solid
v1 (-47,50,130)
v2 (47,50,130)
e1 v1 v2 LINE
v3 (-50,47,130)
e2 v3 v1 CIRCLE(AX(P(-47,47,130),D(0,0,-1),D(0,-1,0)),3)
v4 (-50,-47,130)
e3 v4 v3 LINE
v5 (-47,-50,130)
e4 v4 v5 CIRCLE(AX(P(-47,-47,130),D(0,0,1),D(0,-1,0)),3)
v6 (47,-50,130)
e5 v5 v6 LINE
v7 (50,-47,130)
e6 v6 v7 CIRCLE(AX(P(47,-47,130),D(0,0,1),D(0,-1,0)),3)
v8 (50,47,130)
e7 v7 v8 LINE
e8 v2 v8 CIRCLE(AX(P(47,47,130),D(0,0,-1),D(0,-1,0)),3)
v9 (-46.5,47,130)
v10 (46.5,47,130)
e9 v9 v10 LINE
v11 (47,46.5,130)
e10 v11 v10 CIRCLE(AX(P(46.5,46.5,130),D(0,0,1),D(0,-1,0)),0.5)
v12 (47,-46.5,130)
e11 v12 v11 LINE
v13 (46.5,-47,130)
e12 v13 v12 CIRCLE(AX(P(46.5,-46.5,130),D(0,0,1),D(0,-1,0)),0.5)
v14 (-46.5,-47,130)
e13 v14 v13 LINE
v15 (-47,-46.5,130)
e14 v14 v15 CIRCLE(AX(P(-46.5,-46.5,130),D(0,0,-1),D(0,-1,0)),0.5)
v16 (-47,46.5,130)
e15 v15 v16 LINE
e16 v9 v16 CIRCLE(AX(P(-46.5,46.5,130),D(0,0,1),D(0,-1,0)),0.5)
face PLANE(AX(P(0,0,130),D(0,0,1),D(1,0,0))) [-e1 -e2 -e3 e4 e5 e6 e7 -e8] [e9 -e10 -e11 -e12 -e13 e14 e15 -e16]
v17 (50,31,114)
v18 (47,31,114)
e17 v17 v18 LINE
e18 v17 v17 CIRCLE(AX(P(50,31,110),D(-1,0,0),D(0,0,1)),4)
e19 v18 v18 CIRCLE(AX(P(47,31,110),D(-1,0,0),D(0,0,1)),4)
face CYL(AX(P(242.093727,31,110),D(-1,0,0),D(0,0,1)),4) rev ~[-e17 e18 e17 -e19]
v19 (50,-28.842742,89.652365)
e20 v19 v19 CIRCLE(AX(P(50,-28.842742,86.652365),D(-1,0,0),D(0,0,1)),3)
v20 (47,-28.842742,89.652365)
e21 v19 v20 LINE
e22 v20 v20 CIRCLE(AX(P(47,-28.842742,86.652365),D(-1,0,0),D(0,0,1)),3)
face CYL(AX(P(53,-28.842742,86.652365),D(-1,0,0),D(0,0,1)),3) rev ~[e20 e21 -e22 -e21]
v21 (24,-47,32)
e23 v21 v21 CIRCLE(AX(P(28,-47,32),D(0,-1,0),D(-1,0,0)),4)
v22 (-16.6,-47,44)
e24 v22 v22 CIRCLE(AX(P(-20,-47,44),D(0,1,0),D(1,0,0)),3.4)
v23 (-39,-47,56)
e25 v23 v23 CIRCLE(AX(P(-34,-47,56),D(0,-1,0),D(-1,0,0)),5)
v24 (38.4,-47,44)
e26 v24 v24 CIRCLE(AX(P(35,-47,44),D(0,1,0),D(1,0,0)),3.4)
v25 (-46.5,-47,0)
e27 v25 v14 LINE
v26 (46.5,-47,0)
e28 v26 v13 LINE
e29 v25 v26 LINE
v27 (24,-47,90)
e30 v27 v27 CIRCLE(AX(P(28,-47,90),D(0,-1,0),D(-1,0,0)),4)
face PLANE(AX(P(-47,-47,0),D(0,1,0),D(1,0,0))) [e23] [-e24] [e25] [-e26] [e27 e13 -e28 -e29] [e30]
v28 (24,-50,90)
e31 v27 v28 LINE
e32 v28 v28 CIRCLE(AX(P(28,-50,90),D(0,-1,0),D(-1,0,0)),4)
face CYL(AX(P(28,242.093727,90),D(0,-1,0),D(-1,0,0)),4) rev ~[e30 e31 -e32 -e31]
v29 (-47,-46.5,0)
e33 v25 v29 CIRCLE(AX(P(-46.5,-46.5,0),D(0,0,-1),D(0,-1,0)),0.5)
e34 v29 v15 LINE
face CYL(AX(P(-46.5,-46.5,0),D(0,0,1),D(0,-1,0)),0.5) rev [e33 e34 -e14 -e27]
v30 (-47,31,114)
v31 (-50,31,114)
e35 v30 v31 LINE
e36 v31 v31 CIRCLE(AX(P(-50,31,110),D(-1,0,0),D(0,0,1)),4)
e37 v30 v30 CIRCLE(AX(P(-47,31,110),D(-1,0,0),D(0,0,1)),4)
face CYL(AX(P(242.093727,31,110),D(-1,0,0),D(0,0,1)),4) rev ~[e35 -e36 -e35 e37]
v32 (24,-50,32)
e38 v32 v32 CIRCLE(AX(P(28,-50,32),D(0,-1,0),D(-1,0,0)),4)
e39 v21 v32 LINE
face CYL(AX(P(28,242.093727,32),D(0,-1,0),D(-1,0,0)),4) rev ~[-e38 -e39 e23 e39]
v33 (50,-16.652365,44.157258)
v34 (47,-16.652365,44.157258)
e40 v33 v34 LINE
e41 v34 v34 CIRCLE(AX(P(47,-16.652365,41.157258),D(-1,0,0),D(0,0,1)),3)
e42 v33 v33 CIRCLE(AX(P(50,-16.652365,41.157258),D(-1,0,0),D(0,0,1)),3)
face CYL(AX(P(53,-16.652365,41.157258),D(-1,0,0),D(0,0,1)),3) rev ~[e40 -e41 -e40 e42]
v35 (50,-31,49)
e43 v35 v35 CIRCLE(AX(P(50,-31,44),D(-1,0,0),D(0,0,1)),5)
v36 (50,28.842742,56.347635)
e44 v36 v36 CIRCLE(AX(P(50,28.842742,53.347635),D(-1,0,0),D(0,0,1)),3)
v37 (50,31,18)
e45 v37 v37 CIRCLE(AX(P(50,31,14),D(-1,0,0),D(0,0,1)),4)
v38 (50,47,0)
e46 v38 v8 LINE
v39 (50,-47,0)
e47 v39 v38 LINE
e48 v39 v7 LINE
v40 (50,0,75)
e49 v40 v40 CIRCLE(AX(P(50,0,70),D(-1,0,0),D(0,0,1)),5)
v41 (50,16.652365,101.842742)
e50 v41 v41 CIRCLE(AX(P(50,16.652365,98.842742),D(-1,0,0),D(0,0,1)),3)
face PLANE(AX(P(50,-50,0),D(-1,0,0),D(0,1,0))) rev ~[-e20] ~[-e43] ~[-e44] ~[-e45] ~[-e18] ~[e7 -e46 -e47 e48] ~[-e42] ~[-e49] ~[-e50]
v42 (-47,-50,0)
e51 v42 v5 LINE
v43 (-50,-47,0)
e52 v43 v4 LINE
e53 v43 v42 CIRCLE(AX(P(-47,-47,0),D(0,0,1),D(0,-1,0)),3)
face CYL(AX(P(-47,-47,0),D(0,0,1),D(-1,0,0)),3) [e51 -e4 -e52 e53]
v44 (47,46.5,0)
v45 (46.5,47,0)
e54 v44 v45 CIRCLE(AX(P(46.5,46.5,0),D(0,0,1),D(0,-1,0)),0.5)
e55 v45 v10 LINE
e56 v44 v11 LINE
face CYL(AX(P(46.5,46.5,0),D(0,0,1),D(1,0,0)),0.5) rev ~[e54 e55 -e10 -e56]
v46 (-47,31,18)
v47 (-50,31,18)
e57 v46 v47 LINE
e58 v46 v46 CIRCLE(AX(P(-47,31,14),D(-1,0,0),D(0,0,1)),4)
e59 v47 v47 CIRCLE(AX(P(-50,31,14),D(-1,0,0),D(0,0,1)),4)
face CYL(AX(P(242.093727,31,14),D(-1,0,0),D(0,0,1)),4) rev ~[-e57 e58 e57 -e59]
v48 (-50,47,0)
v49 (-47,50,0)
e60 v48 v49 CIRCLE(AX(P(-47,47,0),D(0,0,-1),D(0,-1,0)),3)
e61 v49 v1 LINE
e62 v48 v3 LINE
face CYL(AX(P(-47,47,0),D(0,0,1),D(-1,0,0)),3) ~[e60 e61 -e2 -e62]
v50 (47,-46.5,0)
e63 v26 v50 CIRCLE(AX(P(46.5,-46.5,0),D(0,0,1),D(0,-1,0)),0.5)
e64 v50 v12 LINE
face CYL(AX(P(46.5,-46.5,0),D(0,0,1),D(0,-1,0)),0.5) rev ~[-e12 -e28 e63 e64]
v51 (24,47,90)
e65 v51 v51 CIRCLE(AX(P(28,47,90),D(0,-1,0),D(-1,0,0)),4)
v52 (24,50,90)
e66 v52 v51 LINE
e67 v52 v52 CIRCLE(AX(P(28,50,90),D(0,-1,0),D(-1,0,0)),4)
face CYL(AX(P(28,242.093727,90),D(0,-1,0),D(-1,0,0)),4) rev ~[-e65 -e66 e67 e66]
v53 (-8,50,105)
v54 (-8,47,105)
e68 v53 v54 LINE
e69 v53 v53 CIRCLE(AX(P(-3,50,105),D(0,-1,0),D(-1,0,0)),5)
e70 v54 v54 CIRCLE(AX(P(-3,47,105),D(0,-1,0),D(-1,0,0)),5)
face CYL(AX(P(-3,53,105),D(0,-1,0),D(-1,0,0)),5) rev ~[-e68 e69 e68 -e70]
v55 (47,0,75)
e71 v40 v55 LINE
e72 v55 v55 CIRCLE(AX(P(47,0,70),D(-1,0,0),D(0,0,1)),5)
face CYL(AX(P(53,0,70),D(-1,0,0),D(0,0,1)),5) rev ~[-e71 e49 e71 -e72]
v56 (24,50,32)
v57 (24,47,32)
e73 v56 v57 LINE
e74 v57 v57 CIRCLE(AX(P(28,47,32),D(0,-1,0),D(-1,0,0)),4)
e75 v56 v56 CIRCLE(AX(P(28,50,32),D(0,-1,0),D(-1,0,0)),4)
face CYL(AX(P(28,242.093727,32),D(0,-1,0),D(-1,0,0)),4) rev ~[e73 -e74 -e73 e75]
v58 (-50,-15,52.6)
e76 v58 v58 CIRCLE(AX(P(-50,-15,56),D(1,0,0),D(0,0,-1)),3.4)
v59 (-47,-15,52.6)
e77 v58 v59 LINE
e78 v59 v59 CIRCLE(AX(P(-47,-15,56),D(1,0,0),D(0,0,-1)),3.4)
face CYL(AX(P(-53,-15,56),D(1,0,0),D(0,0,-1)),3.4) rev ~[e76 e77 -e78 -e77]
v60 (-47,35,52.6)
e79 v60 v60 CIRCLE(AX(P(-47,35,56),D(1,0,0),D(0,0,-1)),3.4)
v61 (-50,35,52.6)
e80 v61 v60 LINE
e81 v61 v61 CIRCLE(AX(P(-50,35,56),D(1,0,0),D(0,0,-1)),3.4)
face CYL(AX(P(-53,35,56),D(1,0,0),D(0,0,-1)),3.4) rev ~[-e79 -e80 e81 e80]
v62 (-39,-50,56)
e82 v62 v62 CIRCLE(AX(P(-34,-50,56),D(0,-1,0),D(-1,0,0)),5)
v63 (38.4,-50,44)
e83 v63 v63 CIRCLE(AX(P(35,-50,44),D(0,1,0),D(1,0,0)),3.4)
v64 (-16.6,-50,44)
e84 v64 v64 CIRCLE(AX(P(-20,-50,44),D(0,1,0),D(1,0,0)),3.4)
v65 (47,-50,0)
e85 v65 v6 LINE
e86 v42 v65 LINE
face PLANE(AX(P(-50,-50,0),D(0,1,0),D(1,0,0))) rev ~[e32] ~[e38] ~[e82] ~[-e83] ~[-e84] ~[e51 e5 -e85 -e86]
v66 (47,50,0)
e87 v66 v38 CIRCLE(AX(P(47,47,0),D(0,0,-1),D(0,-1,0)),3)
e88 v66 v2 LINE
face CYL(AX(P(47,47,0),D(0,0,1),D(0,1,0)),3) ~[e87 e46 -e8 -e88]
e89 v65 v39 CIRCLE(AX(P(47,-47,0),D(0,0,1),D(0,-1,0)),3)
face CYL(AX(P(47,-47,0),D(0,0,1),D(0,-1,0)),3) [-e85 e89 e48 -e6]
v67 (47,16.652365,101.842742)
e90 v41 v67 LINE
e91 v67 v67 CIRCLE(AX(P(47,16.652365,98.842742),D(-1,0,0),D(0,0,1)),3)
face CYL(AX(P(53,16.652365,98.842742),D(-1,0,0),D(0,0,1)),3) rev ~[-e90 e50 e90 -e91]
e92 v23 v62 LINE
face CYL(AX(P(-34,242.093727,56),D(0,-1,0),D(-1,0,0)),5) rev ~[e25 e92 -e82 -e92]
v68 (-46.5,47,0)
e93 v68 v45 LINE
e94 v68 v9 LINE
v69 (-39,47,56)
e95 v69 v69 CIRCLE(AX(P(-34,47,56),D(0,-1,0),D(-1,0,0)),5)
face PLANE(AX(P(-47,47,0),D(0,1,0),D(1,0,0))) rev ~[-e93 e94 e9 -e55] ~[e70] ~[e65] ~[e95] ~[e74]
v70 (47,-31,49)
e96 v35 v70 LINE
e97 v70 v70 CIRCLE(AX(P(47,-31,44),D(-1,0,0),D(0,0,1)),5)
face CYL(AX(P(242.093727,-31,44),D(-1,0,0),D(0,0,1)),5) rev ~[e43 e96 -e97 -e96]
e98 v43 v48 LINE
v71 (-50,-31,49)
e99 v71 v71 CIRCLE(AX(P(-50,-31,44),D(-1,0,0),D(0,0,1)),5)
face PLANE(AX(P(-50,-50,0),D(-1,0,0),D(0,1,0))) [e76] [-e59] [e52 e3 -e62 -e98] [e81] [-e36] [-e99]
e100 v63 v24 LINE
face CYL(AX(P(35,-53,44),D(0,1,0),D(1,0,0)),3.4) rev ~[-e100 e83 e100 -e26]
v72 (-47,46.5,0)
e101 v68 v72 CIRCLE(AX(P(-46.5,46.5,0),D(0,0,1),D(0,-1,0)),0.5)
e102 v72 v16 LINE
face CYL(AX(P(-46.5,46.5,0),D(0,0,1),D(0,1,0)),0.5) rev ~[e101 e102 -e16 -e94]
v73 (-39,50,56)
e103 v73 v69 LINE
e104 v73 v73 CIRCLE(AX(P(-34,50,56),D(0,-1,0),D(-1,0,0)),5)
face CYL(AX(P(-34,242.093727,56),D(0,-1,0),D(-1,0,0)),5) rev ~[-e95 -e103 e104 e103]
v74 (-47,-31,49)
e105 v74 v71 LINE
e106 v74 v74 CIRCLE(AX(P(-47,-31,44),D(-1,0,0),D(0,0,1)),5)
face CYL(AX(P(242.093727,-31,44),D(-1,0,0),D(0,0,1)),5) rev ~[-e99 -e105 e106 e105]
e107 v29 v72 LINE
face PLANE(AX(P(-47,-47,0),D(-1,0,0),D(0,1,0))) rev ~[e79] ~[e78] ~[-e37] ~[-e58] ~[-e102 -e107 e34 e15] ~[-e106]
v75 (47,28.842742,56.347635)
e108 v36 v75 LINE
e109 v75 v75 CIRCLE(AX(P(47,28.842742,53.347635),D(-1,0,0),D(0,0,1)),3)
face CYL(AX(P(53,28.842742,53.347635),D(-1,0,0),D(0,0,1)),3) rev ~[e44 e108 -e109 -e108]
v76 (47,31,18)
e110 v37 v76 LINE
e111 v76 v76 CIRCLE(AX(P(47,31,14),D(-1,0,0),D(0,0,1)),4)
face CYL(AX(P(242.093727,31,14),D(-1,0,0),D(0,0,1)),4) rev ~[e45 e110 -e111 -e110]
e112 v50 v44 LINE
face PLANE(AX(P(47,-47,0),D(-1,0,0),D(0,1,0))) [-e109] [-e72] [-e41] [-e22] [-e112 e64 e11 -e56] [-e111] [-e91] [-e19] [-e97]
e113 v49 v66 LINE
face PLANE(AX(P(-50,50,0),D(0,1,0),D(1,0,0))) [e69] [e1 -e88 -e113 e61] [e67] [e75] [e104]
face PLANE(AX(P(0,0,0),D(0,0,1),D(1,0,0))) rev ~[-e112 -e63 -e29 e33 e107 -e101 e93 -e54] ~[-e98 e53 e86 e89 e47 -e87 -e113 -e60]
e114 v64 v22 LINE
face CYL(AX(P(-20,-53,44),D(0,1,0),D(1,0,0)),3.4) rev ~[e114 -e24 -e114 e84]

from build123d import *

# Parameters (mm, degrees)
SKETCH1_W                      = 100
SKETCH1_H                      = 100
SKETCH1_W_2                    = 94
SKETCH1_H_2                    = 94
EXTRUDE_THIN1_DEPTH            = 130
FILLET1_R                      = 0.5
FILLET2_R                      = 3
F_8_0_8_DIAMETER_HOLE2_D       = 8
F_8_0_8_DIAMETER_HOLE3_D       = 8
F_10_0_10_DIAMETER_HOLE1_D     = 10
F_10_0_10_DIAMETER_HOLE2_D     = 10
M8X1_25_TAPPED_HOLE1_D         = 6.8
M8X1_25_TAPPED_HOLE1_DEPTH     = 3
M8X1_25_TAPPED_HOLE2_D         = 6.8
M8X1_25_TAPPED_HOLE2_DEPTH     = 3
F_10_0_10_DIAMETER_HOLE3_D     = 10
F_10_0_10_DIAMETER_HOLE3_DEPTH = 3
F_6_0_6_DIAMETER_HOLE1_D       = 6
F_6_0_6_DIAMETER_HOLE1_DEPTH   = 3
F_10_0_10_DIAMETER_HOLE4_D     = 10
F_10_0_10_DIAMETER_HOLE4_DEPTH = 3


with BuildPart() as part:
    # Sketch1 → Extrude-Thin1 (new body)
    with BuildSketch(Plane.XY):
        Rectangle(SKETCH1_W, SKETCH1_H)
        Rectangle(SKETCH1_W_2, SKETCH1_H_2, mode=Mode.SUBTRACT)
    extrude(amount=EXTRUDE_THIN1_DEPTH)

    # Fillet1
    fillet1_edges = [part.edges().sort_by_distance(p)[0] for p in [
        (47, -47, 65),
        (47, 47, 65),
        (-47, 47, 65),
        (-47, -47, 65),
    ]]
    fillet(fillet1_edges, radius=FILLET1_R)

    # Fillet2
    fillet2_edges = [part.edges().sort_by_distance(p)[0] for p in [
        (50, -50, 65),
        (-50, -50, 65),
        (-50, 50, 65),
        (50, 50, 65),
    ]]
    fillet(fillet2_edges, radius=FILLET2_R)

    # Ø8.0 (8) Diameter Hole2 (through all)
    with Locations(Plane(origin=(0, 50, 0), x_dir=(1, 0, 0), z_dir=(0, 1, 0))):
        with Locations((28, -32), (28, -90)):
            Hole(F_8_0_8_DIAMETER_HOLE2_D / 2)

    # Ø8.0 (8) Diameter Hole3 (through all)
    with Locations(Plane(origin=(50, 0, 0), x_dir=(0, 0, -1), z_dir=(1, 0, 0))):
        with Locations((-14, 31), (-110, 31)):
            Hole(F_8_0_8_DIAMETER_HOLE3_D / 2)

    # Ø10.0 (10) Diameter Hole1 (through all)
    with Locations(Plane(origin=(0, 50, 0), x_dir=(1, 0, 0), z_dir=(0, 1, 0))):
        with Locations((-34, -56)):
            Hole(F_10_0_10_DIAMETER_HOLE1_D / 2)

    # Ø10.0 (10) Diameter Hole2 (through all)
    with Locations(Plane(origin=(50, 0, 0), x_dir=(0, 0, -1), z_dir=(1, 0, 0))):
        with Locations((-44, -31)):
            Hole(F_10_0_10_DIAMETER_HOLE2_D / 2)

    # M8x1.25 Tapped Hole1
    with Locations(Plane.ZY.offset(50)):
        with Locations((56, -15), (56, 35)):
            Hole(M8X1_25_TAPPED_HOLE1_D / 2, depth=M8X1_25_TAPPED_HOLE1_DEPTH)

    # M8x1.25 Tapped Hole2
    with Locations(Plane(origin=(0, -50, 0), x_dir=(-1, 0, 0), z_dir=(0, -1, 0))):
        with Locations((20, -44), (-35, -44)):
            Hole(M8X1_25_TAPPED_HOLE2_D / 2, depth=M8X1_25_TAPPED_HOLE2_DEPTH)

    # Ø10.0 (10) Diameter Hole3
    with Locations(Plane(origin=(50, 0, 0), x_dir=(0, 0, -1), z_dir=(1, 0, 0))):
        with Locations((-70, 0)):
            Hole(F_10_0_10_DIAMETER_HOLE3_D / 2, depth=F_10_0_10_DIAMETER_HOLE3_DEPTH)

    # Ø6.0 (6) Diameter Hole1
    with Locations(Plane(origin=(50, 0, 0), x_dir=(0, 0, -1), z_dir=(1, 0, 0))):
        with Locations((-41.157258279, -16.652364697), (-53.347635303, 28.842741721), (-98.842741721, 16.652364697), (-86.652364697, -28.842741721)):
            Hole(F_6_0_6_DIAMETER_HOLE1_D / 2, depth=F_6_0_6_DIAMETER_HOLE1_DEPTH)

    # Ø10.0 (10) Diameter Hole4
    with Locations(Plane(origin=(0, 50, 0), x_dir=(1, 0, 0), z_dir=(0, 1, 0))):
        with Locations((-3, -105)):
            Hole(F_10_0_10_DIAMETER_HOLE4_D / 2, depth=F_10_0_10_DIAMETER_HOLE4_DEPTH)


solid = part.part
